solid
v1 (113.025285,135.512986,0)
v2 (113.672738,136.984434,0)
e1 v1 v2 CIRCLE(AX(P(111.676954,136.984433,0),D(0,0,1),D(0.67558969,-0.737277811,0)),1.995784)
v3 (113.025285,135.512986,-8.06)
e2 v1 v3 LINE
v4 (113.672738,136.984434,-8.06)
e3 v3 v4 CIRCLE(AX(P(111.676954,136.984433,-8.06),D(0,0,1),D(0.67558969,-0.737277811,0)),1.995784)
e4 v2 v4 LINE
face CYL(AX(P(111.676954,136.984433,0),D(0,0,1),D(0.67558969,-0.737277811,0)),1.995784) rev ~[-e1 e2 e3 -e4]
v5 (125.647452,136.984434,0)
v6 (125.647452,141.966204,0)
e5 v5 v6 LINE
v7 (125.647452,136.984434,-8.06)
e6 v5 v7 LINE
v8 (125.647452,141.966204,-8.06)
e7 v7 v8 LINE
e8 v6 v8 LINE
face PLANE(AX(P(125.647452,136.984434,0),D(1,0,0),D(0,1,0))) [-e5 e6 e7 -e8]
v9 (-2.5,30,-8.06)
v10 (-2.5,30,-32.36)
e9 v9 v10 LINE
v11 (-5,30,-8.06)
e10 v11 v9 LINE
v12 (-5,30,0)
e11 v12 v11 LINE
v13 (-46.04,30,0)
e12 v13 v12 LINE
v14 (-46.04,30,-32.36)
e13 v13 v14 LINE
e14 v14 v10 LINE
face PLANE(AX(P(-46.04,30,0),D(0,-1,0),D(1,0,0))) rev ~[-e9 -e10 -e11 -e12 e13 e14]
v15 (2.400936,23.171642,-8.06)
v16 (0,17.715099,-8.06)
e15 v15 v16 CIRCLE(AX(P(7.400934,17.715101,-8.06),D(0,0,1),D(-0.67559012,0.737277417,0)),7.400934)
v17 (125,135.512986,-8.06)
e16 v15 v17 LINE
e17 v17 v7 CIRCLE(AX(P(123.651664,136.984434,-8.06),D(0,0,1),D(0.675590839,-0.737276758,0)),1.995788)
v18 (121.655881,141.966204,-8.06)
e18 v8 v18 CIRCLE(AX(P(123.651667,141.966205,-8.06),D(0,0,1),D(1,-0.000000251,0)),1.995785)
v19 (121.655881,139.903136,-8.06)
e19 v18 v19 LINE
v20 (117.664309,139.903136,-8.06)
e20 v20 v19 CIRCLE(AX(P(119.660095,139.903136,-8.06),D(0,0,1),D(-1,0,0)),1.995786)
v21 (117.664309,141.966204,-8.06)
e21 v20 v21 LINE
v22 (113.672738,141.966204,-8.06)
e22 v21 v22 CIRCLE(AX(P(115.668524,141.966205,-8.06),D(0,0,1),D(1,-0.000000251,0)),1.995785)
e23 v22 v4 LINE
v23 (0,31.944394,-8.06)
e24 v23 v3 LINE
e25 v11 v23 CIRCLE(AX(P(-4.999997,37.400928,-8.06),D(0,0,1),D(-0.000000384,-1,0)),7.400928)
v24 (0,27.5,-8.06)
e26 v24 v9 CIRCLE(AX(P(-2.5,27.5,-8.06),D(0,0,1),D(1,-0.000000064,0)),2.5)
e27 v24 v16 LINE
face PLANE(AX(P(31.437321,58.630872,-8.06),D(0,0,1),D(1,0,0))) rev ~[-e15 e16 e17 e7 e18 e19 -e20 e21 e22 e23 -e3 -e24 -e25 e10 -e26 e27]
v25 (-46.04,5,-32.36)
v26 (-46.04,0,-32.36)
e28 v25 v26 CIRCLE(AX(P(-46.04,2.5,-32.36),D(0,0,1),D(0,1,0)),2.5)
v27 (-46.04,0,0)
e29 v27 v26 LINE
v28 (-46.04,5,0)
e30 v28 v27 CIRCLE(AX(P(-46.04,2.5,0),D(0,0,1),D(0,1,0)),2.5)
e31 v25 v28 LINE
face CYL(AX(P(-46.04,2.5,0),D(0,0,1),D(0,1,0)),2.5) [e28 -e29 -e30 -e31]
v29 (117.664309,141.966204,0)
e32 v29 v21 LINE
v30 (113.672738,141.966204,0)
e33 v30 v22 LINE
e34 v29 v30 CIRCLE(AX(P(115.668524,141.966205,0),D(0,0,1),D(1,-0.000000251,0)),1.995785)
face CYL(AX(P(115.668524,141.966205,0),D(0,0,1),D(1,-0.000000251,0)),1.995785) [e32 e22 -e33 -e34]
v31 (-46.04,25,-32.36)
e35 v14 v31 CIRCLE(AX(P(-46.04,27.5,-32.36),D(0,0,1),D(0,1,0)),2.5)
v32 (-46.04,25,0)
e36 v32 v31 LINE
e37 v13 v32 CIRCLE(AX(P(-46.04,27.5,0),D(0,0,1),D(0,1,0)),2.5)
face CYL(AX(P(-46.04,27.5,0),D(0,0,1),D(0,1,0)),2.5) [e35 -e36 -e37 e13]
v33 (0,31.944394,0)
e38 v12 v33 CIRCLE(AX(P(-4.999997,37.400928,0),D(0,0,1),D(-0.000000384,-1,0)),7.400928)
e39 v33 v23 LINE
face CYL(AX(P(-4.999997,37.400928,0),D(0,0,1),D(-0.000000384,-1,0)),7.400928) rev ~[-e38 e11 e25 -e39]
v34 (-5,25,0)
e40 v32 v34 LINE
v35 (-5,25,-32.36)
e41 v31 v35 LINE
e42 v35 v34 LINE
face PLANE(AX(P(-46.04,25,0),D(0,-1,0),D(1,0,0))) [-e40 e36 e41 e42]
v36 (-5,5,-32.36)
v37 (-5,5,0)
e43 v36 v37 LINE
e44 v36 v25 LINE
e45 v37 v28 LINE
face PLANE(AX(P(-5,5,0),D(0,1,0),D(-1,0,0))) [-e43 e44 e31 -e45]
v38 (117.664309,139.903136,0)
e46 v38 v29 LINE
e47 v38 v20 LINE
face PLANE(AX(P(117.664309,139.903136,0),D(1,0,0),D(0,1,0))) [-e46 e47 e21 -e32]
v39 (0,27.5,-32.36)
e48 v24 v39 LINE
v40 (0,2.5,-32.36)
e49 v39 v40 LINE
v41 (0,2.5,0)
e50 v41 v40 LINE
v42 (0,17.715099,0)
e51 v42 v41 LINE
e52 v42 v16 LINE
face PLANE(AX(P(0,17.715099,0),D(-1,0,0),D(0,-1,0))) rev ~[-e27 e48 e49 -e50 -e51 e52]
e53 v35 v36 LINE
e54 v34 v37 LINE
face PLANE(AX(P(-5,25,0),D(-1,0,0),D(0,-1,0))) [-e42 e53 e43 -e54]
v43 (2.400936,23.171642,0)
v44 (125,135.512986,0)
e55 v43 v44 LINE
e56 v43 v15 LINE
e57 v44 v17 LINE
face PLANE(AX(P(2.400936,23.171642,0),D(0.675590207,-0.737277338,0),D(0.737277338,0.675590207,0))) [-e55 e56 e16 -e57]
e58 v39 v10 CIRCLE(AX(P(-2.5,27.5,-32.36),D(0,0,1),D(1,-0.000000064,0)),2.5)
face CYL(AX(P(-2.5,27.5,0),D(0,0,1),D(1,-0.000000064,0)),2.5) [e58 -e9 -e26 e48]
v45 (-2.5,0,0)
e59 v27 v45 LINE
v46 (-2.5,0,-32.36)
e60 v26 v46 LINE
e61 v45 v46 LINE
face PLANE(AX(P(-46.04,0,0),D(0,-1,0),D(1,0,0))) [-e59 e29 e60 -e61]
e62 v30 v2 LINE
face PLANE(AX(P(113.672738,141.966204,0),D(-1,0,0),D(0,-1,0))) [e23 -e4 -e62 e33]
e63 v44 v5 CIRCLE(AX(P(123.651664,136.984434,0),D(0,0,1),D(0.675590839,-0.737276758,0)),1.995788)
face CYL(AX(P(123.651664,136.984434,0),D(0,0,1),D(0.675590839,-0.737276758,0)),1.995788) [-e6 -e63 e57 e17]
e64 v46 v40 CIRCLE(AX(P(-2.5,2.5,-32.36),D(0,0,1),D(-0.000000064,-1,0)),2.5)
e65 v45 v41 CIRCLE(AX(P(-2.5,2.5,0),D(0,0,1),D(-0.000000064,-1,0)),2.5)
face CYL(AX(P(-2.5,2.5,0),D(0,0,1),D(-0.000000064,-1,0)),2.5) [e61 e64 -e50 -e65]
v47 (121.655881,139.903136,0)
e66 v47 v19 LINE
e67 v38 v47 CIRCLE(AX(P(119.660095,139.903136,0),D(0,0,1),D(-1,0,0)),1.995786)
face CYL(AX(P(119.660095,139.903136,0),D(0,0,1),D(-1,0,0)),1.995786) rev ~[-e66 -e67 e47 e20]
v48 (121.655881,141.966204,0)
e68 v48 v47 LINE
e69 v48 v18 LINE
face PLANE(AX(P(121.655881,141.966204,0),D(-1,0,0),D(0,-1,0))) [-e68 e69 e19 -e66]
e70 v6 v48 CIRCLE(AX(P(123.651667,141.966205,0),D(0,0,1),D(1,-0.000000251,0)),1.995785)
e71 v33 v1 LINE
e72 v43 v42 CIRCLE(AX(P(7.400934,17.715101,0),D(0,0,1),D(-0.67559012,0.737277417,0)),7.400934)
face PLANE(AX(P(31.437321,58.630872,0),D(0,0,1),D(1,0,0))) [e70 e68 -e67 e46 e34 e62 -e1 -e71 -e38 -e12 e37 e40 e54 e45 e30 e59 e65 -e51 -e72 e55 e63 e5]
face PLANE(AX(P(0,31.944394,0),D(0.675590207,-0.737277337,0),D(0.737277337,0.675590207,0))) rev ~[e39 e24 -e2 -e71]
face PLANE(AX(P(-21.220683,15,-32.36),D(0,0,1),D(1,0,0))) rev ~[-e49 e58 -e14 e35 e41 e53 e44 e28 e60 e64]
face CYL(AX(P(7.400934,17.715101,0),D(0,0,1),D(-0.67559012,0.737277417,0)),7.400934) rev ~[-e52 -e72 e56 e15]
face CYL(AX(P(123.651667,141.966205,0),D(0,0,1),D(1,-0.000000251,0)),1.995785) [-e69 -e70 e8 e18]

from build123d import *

# Parameters (mm, degrees)
EXTRUDE001_DEPTH = 32.36
EXTRUDE_DEPTH    = 8.06


with BuildPart() as extrude001:
    # Sketch001 → Extrude001 (new body)
    with BuildSketch(Plane.XY):
        with BuildLine():
            Line((-46.04, 25), (-5, 25))
            Line((-5, 25), (-5, 5))
            Line((-5, 5), (-46.04, 5))
            ThreePointArc((-46.04, 5), (-48.54, 2.5), (-46.04, 0))
            Line((-46.04, 0), (-2.5, 0))
            ThreePointArc((-2.5, 0), (-0.732233, 0.732233), (0, 2.5))
            Line((0, 27.5), (0, 2.5))
            ThreePointArc((0, 27.5), (-0.732233, 29.267767), (-2.5, 30))
            Line((-46.04, 30), (-2.5, 30))
            ThreePointArc((-46.04, 30), (-48.54, 27.5), (-46.04, 25))
        make_face()
    extrude(amount=-EXTRUDE001_DEPTH)


with BuildPart() as fusion:
    # Sketch → Extrude (new body)
    with BuildSketch(Plane.XY):
        with BuildLine():
            Line((-46.04, 25), (-5, 25))
            Line((-5, 25), (-5, 5))
            Line((-5, 5), (-46.04, 5))
            ThreePointArc((-46.04, 5), (-48.54, 2.5), (-46.04, 0))
            Line((-46.04, 0), (-2.5, 0))
            ThreePointArc((-2.5, 0), (-0.732233, 0.732233), (0, 2.5))
            Line((0, 17.715099), (0, 2.5))
            ThreePointArc((2.400936, 23.171642), (0.626774, 20.695802), (0, 17.715099))
            Line((2.400936, 23.171642), (125, 135.512986))
            ThreePointArc((125, 135.512986), (125.478432, 136.180638), (125.647452, 136.984434))
            Line((125.647452, 136.984434), (125.647452, 141.966204))
            ThreePointArc((125.647452, 141.966204), (123.651667, 143.96199), (121.655881, 141.966204))
            Line((121.655881, 141.966204), (121.655881, 139.903136))
            ThreePointArc((117.664309, 139.903136), (119.660095, 137.90735), (121.655881, 139.903136))
            Line((117.664309, 139.903136), (117.664309, 141.966204))
            ThreePointArc((117.664309, 141.966204), (115.668524, 143.96199), (113.672738, 141.966204))
            Line((113.672738, 141.966204), (113.672738, 136.984434))
            ThreePointArc((113.025285, 135.512986), (113.503718, 136.180638), (113.672738, 136.984434))
            Line((0, 31.944394), (113.025285, 135.512986))
            ThreePointArc((-5, 30), (-2.317619, 30.503205), (0, 31.944394))
            Line((-46.04, 30), (-5, 30))
            ThreePointArc((-46.04, 30), (-48.54, 27.5), (-46.04, 25))
        make_face()
    extrude(amount=-EXTRUDE_DEPTH)

    # Fusion: union Extrude001
    add(extrude001.part)


solid = fusion.part
